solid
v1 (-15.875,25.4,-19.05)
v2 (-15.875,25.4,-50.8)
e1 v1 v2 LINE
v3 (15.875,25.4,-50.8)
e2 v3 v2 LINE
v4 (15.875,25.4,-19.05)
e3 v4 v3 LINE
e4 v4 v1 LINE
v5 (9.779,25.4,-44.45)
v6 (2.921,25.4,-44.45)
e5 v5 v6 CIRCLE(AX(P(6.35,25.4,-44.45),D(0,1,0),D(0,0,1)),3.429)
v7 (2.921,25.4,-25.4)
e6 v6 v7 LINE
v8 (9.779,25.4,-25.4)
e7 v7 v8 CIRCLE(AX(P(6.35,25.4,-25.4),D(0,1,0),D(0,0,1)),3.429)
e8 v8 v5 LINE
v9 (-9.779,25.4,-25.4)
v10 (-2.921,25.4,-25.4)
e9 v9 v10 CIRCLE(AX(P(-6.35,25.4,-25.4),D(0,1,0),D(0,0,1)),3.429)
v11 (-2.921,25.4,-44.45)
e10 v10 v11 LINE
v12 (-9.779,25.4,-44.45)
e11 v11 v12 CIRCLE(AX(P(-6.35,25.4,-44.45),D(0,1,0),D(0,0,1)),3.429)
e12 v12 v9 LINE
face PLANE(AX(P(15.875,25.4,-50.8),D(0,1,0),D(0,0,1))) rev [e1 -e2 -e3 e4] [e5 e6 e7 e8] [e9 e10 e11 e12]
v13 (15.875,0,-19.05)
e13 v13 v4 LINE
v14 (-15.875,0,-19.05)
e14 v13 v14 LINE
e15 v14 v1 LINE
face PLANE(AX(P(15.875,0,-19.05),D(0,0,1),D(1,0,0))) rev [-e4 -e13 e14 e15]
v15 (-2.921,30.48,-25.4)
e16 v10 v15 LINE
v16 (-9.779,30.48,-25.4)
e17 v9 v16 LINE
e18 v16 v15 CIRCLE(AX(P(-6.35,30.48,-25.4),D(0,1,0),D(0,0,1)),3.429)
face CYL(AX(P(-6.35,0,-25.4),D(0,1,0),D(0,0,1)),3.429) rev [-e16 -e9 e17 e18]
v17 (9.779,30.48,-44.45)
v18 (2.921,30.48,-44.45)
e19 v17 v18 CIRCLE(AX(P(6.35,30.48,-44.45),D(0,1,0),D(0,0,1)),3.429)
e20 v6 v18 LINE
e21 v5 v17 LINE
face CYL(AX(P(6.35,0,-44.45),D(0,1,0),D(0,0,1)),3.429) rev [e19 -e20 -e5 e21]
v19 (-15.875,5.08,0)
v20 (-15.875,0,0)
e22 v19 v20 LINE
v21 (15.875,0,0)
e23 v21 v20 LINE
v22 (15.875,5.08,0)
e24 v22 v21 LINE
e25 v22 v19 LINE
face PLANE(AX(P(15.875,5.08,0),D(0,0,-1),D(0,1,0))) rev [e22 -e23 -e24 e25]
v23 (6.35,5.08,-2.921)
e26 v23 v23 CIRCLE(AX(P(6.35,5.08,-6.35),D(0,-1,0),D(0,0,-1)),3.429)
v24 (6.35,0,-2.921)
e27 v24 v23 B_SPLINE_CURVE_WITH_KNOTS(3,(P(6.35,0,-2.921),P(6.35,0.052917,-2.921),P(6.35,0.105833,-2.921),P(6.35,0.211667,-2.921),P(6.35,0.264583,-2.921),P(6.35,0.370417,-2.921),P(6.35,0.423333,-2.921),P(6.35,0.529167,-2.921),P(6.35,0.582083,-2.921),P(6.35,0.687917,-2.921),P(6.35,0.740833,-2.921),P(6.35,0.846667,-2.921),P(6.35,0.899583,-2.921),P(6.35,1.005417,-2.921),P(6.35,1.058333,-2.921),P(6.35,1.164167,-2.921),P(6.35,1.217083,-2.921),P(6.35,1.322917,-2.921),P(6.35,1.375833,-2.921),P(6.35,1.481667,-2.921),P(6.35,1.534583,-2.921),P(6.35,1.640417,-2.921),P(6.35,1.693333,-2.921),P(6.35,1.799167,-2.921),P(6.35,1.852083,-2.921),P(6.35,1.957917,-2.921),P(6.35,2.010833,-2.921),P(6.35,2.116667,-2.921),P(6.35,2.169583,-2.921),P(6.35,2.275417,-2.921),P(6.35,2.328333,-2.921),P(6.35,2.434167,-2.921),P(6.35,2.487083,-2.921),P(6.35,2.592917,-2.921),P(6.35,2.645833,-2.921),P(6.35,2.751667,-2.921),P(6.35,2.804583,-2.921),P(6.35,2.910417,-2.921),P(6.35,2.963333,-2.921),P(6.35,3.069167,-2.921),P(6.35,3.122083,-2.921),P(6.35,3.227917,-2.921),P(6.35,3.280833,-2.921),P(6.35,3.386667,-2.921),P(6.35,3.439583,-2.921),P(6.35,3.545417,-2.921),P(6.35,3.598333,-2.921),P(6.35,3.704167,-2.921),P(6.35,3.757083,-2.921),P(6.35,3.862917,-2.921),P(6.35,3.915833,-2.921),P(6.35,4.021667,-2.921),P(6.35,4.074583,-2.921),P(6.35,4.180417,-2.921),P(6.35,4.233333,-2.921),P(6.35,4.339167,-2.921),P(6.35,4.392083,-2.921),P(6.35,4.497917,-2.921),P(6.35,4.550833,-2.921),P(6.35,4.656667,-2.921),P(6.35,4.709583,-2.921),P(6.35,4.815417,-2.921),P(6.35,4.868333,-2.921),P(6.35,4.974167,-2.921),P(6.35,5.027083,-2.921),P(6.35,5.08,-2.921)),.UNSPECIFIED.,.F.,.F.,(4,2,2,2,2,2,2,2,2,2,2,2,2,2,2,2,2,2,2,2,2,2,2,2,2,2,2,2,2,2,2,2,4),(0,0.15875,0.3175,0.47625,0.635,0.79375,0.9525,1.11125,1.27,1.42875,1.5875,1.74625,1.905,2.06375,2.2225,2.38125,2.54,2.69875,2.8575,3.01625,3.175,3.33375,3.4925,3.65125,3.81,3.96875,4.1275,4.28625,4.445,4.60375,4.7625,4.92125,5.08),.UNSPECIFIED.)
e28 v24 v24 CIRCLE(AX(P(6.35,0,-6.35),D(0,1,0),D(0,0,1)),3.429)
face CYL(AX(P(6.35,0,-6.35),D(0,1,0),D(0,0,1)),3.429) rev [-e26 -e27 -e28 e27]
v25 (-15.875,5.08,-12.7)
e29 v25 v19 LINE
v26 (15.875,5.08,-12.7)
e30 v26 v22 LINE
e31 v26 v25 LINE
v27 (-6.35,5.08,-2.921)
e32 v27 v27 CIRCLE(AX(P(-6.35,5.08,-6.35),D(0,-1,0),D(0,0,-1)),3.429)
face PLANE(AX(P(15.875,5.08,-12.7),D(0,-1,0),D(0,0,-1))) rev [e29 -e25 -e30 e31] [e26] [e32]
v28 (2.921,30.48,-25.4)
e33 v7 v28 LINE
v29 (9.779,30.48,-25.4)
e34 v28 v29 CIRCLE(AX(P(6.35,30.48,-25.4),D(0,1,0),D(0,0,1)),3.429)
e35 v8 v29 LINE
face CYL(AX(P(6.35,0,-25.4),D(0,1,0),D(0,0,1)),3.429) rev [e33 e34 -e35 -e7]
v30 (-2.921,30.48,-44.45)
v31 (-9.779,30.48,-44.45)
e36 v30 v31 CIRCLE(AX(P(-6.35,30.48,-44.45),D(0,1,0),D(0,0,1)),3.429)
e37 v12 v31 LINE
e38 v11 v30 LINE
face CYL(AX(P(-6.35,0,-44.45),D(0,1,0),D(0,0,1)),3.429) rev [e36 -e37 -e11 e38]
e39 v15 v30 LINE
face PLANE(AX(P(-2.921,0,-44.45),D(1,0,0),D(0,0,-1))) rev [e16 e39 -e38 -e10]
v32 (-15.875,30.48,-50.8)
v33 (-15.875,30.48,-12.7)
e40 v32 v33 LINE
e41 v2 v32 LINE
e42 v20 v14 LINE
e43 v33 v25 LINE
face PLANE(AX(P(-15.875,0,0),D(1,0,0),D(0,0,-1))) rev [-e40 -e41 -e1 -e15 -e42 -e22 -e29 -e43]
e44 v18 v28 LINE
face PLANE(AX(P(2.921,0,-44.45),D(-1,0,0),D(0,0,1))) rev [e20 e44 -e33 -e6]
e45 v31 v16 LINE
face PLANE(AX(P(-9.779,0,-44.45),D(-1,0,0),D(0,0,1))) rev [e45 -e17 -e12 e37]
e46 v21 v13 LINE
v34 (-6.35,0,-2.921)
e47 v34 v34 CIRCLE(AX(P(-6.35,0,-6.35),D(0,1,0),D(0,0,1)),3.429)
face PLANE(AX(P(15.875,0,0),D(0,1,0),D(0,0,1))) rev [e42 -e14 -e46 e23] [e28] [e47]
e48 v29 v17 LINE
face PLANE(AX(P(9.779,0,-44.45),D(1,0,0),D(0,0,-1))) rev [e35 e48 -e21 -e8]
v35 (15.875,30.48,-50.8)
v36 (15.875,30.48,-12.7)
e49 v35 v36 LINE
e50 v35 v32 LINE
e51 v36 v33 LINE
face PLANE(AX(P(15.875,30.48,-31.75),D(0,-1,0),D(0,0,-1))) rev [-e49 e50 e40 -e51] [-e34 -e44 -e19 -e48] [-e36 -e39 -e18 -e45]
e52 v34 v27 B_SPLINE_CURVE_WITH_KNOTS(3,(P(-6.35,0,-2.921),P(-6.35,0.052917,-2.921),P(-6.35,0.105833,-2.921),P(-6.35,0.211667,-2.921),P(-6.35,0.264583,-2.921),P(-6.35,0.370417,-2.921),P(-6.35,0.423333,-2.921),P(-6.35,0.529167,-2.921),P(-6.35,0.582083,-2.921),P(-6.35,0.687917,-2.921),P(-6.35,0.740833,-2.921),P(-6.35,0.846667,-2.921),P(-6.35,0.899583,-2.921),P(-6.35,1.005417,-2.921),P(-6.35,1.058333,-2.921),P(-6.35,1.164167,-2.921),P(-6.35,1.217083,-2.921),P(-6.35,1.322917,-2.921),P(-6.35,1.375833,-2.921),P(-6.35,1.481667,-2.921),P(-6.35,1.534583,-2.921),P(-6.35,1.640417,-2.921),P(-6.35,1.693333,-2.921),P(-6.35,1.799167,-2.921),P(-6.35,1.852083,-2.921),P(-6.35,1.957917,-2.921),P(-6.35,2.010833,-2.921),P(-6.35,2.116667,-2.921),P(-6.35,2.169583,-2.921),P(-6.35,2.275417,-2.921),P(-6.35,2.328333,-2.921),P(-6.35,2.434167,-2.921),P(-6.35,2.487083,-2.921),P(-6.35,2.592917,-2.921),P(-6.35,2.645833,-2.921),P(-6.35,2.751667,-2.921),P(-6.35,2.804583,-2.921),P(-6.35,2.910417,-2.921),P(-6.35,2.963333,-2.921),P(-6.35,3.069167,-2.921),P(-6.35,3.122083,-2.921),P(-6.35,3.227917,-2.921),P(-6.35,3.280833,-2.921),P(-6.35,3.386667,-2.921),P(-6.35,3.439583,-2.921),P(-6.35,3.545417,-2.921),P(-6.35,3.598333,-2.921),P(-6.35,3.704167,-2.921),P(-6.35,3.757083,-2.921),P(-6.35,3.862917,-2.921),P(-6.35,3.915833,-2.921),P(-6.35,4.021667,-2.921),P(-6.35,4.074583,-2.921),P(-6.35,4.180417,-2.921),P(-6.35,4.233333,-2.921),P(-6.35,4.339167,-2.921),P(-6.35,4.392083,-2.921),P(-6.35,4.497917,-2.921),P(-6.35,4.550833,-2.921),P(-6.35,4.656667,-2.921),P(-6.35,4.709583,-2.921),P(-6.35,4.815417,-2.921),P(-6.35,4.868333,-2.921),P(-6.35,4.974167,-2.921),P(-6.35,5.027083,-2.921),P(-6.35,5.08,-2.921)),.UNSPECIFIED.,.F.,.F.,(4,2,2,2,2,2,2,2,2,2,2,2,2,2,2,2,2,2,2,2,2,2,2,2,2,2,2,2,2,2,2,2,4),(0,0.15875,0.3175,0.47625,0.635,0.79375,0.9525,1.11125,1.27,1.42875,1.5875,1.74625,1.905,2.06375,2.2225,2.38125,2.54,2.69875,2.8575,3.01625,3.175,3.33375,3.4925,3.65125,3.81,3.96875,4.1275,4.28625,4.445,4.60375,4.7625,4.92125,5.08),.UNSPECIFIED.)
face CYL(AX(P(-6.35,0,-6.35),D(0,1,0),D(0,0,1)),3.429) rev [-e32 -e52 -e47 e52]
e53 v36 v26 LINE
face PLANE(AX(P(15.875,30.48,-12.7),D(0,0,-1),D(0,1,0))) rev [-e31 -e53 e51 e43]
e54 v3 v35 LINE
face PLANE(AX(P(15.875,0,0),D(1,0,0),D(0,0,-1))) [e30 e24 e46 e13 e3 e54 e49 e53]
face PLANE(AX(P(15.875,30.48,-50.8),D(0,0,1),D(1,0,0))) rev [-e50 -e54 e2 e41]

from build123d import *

# Parameters (mm, degrees)
BOSS_EXTRUDE1_DEPTH     = 15.875
CUT_EXTRUDE1_DEPTH      = 59.973007597
CUT_EXTRUDE1_DEPTH_BACK = 59.973007597
SKETCH2_R               = 3.429


with BuildPart() as part:
    # Sketch1 → Boss-Extrude1 (new, symmetric)
    with BuildSketch(Plane(origin=(0, 0, 0), x_dir=(0, 0, -1), z_dir=(1, 0, 0))):
        Polygon((0, 0), (19.05, 0), (19.05, 25.4), (31.75, 25.4), (50.8, 25.4), (50.8, 30.48), (31.75, 30.48), (12.7, 30.48), (12.7, 5.08), (0, 5.08), align=None)
    extrude(amount=BOSS_EXTRUDE1_DEPTH, both=True)

    # Sketch2 → Cut-Extrude1 (cut, two sides: drawn at the far end of the back side and taken through both)
    with BuildSketch(Plane(origin=(0, 5.08, 0), x_dir=(1, 0, 0), z_dir=(0, 1, 0)).offset(-CUT_EXTRUDE1_DEPTH_BACK)):
        with Locations(Location((-6.35, 6.35, 0), (0, 0, 270))):
            Circle(SKETCH2_R)
        with Locations(Location((6.35, 6.35, 0), (0, 0, 270))):
            Circle(SKETCH2_R)
        with BuildLine():
            Line((-2.921, 44.45), (-2.921, 25.4))
            ThreePointArc((-2.921, 25.4), (-6.35, 21.971), (-9.779, 25.4))
            Line((-9.779, 25.4), (-9.779, 44.45))
            ThreePointArc((-9.779, 44.45), (-6.35, 47.879), (-2.921, 44.45))
        make_face()
        with BuildLine():
            Line((9.779, 44.45), (9.779, 25.4))
            ThreePointArc((9.779, 25.4), (6.35, 21.971), (2.921, 25.4))
            Line((2.921, 25.4), (2.921, 44.45))
            ThreePointArc((2.921, 44.45), (6.35, 47.879), (9.779, 44.45))
        make_face()
    extrude(amount=CUT_EXTRUDE1_DEPTH + CUT_EXTRUDE1_DEPTH_BACK, mode=Mode.SUBTRACT)


solid = part.part
